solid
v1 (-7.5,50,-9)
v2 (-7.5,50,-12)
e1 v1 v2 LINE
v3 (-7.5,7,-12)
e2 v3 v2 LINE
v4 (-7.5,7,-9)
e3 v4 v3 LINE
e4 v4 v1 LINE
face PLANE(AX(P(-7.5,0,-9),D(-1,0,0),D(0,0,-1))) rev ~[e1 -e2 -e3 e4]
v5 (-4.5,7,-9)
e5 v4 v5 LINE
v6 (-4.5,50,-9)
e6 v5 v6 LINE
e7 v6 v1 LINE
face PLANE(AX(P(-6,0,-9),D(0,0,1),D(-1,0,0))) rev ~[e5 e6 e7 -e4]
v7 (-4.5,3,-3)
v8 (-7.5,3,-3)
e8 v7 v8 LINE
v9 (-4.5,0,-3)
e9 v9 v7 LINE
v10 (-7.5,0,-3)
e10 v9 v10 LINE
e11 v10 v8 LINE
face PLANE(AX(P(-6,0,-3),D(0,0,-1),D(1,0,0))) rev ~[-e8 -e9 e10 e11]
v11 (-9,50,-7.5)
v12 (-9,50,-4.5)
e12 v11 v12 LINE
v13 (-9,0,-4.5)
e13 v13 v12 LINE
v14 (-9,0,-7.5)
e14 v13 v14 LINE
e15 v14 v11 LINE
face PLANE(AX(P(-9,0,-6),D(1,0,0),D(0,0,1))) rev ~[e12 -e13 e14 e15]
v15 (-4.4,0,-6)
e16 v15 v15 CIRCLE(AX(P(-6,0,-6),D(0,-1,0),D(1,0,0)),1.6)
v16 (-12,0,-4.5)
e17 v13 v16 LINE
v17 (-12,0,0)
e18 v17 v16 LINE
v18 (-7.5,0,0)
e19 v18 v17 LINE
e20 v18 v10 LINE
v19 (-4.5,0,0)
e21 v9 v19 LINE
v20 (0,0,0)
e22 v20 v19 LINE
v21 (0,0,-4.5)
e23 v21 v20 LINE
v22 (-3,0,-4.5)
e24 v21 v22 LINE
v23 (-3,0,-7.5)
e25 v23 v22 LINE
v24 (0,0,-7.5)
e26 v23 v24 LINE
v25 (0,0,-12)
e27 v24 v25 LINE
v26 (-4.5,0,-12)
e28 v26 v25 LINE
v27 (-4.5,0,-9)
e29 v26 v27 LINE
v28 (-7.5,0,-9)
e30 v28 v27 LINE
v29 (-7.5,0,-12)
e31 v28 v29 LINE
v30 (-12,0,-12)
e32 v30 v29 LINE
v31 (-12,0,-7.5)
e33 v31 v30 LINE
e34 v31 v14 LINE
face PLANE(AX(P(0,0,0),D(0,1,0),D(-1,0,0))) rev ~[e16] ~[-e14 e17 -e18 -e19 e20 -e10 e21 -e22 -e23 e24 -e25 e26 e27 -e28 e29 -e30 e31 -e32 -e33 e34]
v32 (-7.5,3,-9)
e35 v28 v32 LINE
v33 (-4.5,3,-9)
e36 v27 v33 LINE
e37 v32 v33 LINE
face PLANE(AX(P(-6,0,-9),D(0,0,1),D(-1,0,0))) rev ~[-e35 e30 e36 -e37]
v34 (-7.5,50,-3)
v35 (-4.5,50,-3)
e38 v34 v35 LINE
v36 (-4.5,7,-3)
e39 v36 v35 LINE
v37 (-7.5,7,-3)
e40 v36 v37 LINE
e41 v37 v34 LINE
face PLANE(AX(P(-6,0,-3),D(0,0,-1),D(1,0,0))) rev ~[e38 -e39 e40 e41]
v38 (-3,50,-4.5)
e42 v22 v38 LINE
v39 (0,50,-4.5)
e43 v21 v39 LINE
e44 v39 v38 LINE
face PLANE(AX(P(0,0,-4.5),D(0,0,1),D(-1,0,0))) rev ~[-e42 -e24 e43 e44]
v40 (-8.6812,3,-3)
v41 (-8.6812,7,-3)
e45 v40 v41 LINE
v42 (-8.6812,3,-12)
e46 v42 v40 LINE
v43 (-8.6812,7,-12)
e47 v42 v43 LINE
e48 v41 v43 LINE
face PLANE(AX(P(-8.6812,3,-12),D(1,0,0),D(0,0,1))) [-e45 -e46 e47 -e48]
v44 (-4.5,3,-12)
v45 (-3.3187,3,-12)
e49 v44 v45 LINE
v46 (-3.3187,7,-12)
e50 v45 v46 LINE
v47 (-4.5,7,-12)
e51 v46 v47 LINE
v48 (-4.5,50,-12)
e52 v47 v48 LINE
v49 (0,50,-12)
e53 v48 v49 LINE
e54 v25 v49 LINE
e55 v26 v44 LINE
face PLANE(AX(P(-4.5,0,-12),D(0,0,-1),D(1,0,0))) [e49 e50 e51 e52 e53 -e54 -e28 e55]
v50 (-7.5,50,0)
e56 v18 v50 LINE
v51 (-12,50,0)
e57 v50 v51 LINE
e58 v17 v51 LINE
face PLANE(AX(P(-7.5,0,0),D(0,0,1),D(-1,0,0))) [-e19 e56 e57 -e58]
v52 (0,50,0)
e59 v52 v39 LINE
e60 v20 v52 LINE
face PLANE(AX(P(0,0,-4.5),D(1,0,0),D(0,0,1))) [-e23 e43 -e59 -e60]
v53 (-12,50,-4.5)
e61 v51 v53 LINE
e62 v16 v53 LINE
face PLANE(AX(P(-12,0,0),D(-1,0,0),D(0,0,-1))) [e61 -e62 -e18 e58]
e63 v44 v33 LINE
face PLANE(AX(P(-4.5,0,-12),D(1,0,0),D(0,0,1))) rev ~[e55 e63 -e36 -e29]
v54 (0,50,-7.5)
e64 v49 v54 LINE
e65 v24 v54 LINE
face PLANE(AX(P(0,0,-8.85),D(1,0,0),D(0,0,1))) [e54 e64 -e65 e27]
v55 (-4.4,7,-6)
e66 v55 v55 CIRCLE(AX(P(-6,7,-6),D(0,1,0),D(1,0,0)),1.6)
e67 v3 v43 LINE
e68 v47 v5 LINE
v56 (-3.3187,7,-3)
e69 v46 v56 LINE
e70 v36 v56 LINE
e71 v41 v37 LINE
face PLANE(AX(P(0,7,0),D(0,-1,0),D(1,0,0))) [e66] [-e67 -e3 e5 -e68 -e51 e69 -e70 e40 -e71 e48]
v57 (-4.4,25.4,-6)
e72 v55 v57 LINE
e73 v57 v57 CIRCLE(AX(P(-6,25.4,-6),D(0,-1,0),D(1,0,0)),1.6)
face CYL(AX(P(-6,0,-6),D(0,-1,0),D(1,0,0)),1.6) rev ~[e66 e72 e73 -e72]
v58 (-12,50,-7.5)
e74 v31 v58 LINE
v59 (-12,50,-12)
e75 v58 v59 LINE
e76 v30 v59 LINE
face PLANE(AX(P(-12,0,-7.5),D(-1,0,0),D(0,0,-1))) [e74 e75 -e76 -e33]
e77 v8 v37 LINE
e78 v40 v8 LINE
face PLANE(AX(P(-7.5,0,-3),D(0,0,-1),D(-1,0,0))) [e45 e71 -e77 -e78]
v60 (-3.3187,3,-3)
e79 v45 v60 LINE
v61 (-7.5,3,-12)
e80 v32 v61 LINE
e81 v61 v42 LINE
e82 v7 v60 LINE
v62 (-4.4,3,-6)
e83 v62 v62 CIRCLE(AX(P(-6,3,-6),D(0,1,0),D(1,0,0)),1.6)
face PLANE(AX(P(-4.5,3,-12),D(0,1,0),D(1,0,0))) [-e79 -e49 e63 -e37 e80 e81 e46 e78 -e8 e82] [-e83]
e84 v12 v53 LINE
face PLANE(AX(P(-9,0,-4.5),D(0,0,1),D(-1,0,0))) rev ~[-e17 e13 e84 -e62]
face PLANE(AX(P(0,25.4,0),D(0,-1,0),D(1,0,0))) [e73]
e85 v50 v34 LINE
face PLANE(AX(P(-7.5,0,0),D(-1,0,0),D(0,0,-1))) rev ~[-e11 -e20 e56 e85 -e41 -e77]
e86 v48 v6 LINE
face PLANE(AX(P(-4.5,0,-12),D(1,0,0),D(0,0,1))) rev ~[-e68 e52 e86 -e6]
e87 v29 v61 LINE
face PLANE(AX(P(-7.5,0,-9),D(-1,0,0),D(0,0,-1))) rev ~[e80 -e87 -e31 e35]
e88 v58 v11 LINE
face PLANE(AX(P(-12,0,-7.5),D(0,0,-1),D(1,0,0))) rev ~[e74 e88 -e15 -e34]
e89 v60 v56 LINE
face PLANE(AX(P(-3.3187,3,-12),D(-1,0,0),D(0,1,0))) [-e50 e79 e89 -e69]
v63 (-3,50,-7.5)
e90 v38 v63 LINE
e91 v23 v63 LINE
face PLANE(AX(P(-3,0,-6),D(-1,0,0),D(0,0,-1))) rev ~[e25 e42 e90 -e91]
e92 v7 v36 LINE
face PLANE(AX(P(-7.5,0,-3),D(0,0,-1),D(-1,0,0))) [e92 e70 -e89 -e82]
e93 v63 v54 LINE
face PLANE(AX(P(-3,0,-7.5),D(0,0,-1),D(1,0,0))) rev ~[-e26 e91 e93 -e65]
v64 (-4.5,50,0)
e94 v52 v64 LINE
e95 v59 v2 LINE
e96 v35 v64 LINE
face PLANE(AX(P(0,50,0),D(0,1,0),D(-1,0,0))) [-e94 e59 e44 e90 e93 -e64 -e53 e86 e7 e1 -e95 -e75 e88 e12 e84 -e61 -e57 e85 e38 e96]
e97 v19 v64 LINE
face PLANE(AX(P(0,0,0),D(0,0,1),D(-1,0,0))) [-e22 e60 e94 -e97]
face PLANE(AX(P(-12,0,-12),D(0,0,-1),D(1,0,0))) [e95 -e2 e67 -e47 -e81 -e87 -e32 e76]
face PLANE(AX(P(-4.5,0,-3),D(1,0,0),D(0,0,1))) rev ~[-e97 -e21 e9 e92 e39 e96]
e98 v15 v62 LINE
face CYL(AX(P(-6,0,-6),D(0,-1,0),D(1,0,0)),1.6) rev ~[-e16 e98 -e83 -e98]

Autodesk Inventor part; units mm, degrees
ref_plane "YZ Plane" through (0, 0, 0) normal (1, 0, 0) x (0, 1, 0)
ref_plane "XZ Plane" through (0, 0, 0) normal (0, 1, 0) x (-1, 0, 0)
sketch "Sketch1" plane through (0, 0, 0) normal (0, 1, 0) x (-1, 0, 0)
  line L0 (0, -8.85) -> (0, -7.5)
  line L1 (0, -4.5) -> (0, -3.15)
  line L2 (3, -6) -> (3, -7.5)
  line L3 (3, -7.5) -> (0, -7.5)
  line L4 (0, -4.5) -> (3, -4.5)
  line L5 (3, -4.5) -> (3, -6)
  line L6 (4.5, -12) -> (4.5, -9)
  line L7 (4.5, -9) -> (6, -9)
  line L8 (6, -9) -> (7.5, -9)
  line L9 (7.5, -9) -> (7.5, -12)
  line L10 (12, -7.5) -> (9, -7.5)
  line L11 (9, -7.5) -> (9, -6)
  line L12 (9, -6) -> (9, -4.5)
  line L13 (9, -4.5) -> (12, -4.5)
  line L14 (7.5, 0) -> (7.5, -3)
  line L15 (7.5, -3) -> (6, -3)
  line L16 (6, -3) -> (4.5, -3)
  line L17 (4.5, -3) -> (4.5, 0)
  line L18 (12, 0) -> (12, -4.5)
  line L19 (12, -7.5) -> (12, -12)
  line L20 (12, -12) -> (7.5, -12)
  line L21 (4.5, -12) -> (0, -12)
  line L22 (0, 0) -> (4.5, 0)
  line L23 (7.5, 0) -> (12, 0)
  line L24 (0, -12) -> (0, -7.5)
  line L25 (0, -4.5) -> (0, 0)
  point P0 (6, -6)
  dimension "d10" = 360
  dimension "d1" = 12
extrude "Extrusion1" add sketch "Sketch1" along normal blind 50
ref_plane "Work Plane1" through (0, 3, 0) normal (0, -1, 0) x (1, 0, 0)
sketch "Sketch6" plane through (0, 3, 0) normal (0, -1, 0) x (1, 0, 0)
  line L0 (-8.6812, -4.452) -> (-7.3406, -3.678) projected
  line L1 (-7.3406, -3.678) -> (-6.1663, -3) projected
  line L2 (-6.1663, -3) -> (-5.8337, -3) projected
  line L3 (-5.8337, -3) -> (-4.6594, -3.678) projected
  line L4 (-4.6594, -3.678) -> (-3.3187, -4.452) projected
  line L5 (-3.3187, -4.452) -> (-3.3188, -6) projected
  line L6 (-3.3188, -6) -> (-3.3188, -12) projected
  line L7 (-3.3188, -12) -> (-4.5, -12) projected
  line L8 (-4.5, -12) -> (-4.5, -9) projected
  line L9 (-4.5, -9) -> (-7.5, -9) projected
  line L10 (-7.5, -9) -> (-7.5, -12) projected
  line L11 (-7.5, -12) -> (-8.6812, -12) projected
  line L12 (-8.6812, -12) -> (-8.6812, -6) projected
  line L13 (-8.6812, -6) -> (-8.6812, -4.452) projected
  point P0 (0, 0)
extrude "Extrusion2" cut sketch "Sketch6" against normal blind 4
sketch "Sketch7" plane through (0, 0, 0) normal (0, -1, 0) x (1, 0, 0)
  line L0 (0, 0) -> (0, -4.5) projected
  line L1 (-4.5, 0) -> (0, 0) projected
  line L2 (-4.5, -3) -> (-4.5, 0) projected
  line L3 (-7.5, -3) -> (-4.5, -3) projected
  line L4 (-7.5, 0) -> (-7.5, -3) projected
  line L5 (-12, 0) -> (-7.5, 0) projected
  line L6 (-12, -4.5) -> (-12, 0) projected
  line L7 (-9, -4.5) -> (-12, -4.5) projected
  line L8 (-9, -7.5) -> (-9, -4.5) projected
  line L9 (-12, -7.5) -> (-9, -7.5) projected
  line L10 (-12, -12) -> (-12, -7.5) projected
  line L11 (-7.5, -12) -> (-12, -12) projected
  line L12 (-7.5, -9) -> (-7.5, -12) projected
  line L13 (-4.5, -9) -> (-7.5, -9) projected
  line L14 (-4.5, -12) -> (-4.5, -9) projected
  line L15 (0, -12) -> (-4.5, -12) projected
  line L16 (0, -7.5) -> (0, -12) projected
  line L17 (-3, -7.5) -> (0, -7.5) projected
  line L18 (-3, -4.5) -> (-3, -7.5) projected
  line L19 (0, -4.5) -> (-3, -4.5) projected
  circle A0 centre (-6, -6) radius 1.6
  dimension "d26" = 3.2
extrude "Extrusion3" cut sketch "Sketch7" against normal blind 25.4 contours A0
sketch "Sketch8" plane through (-7.5, 0, -12) normal (0, 0, -1) x (-1, 0, 0)
  line L0 (-3, 7) -> (0, 7)
  line L1 (-3, 50) -> (0, 50)
  line L2 (-1.6663, 3) -> (-4.1813, 3)
  line L3 (-1.6663, 7) -> (-4.1813, 7)
  line L4 (-4.1813, 3) -> (-4.1813, 7)
  line L5 (0, 3) -> (-3, 3)
  line L6 (-3, 0) -> (0, 0)
  line L7 (1.1812, 3) -> (-0.1594, 3)
  line L8 (1.1812, 3) -> (1.1812, 7)
  line L9 (1.1812, 7) -> (-0.1594, 7)
  point P0 (-7.5, 0)
extrude "Extrusion4" cut sketch "Sketch8" against normal up to surface (9 mm away)
properties part number "Maze Wall Post"
